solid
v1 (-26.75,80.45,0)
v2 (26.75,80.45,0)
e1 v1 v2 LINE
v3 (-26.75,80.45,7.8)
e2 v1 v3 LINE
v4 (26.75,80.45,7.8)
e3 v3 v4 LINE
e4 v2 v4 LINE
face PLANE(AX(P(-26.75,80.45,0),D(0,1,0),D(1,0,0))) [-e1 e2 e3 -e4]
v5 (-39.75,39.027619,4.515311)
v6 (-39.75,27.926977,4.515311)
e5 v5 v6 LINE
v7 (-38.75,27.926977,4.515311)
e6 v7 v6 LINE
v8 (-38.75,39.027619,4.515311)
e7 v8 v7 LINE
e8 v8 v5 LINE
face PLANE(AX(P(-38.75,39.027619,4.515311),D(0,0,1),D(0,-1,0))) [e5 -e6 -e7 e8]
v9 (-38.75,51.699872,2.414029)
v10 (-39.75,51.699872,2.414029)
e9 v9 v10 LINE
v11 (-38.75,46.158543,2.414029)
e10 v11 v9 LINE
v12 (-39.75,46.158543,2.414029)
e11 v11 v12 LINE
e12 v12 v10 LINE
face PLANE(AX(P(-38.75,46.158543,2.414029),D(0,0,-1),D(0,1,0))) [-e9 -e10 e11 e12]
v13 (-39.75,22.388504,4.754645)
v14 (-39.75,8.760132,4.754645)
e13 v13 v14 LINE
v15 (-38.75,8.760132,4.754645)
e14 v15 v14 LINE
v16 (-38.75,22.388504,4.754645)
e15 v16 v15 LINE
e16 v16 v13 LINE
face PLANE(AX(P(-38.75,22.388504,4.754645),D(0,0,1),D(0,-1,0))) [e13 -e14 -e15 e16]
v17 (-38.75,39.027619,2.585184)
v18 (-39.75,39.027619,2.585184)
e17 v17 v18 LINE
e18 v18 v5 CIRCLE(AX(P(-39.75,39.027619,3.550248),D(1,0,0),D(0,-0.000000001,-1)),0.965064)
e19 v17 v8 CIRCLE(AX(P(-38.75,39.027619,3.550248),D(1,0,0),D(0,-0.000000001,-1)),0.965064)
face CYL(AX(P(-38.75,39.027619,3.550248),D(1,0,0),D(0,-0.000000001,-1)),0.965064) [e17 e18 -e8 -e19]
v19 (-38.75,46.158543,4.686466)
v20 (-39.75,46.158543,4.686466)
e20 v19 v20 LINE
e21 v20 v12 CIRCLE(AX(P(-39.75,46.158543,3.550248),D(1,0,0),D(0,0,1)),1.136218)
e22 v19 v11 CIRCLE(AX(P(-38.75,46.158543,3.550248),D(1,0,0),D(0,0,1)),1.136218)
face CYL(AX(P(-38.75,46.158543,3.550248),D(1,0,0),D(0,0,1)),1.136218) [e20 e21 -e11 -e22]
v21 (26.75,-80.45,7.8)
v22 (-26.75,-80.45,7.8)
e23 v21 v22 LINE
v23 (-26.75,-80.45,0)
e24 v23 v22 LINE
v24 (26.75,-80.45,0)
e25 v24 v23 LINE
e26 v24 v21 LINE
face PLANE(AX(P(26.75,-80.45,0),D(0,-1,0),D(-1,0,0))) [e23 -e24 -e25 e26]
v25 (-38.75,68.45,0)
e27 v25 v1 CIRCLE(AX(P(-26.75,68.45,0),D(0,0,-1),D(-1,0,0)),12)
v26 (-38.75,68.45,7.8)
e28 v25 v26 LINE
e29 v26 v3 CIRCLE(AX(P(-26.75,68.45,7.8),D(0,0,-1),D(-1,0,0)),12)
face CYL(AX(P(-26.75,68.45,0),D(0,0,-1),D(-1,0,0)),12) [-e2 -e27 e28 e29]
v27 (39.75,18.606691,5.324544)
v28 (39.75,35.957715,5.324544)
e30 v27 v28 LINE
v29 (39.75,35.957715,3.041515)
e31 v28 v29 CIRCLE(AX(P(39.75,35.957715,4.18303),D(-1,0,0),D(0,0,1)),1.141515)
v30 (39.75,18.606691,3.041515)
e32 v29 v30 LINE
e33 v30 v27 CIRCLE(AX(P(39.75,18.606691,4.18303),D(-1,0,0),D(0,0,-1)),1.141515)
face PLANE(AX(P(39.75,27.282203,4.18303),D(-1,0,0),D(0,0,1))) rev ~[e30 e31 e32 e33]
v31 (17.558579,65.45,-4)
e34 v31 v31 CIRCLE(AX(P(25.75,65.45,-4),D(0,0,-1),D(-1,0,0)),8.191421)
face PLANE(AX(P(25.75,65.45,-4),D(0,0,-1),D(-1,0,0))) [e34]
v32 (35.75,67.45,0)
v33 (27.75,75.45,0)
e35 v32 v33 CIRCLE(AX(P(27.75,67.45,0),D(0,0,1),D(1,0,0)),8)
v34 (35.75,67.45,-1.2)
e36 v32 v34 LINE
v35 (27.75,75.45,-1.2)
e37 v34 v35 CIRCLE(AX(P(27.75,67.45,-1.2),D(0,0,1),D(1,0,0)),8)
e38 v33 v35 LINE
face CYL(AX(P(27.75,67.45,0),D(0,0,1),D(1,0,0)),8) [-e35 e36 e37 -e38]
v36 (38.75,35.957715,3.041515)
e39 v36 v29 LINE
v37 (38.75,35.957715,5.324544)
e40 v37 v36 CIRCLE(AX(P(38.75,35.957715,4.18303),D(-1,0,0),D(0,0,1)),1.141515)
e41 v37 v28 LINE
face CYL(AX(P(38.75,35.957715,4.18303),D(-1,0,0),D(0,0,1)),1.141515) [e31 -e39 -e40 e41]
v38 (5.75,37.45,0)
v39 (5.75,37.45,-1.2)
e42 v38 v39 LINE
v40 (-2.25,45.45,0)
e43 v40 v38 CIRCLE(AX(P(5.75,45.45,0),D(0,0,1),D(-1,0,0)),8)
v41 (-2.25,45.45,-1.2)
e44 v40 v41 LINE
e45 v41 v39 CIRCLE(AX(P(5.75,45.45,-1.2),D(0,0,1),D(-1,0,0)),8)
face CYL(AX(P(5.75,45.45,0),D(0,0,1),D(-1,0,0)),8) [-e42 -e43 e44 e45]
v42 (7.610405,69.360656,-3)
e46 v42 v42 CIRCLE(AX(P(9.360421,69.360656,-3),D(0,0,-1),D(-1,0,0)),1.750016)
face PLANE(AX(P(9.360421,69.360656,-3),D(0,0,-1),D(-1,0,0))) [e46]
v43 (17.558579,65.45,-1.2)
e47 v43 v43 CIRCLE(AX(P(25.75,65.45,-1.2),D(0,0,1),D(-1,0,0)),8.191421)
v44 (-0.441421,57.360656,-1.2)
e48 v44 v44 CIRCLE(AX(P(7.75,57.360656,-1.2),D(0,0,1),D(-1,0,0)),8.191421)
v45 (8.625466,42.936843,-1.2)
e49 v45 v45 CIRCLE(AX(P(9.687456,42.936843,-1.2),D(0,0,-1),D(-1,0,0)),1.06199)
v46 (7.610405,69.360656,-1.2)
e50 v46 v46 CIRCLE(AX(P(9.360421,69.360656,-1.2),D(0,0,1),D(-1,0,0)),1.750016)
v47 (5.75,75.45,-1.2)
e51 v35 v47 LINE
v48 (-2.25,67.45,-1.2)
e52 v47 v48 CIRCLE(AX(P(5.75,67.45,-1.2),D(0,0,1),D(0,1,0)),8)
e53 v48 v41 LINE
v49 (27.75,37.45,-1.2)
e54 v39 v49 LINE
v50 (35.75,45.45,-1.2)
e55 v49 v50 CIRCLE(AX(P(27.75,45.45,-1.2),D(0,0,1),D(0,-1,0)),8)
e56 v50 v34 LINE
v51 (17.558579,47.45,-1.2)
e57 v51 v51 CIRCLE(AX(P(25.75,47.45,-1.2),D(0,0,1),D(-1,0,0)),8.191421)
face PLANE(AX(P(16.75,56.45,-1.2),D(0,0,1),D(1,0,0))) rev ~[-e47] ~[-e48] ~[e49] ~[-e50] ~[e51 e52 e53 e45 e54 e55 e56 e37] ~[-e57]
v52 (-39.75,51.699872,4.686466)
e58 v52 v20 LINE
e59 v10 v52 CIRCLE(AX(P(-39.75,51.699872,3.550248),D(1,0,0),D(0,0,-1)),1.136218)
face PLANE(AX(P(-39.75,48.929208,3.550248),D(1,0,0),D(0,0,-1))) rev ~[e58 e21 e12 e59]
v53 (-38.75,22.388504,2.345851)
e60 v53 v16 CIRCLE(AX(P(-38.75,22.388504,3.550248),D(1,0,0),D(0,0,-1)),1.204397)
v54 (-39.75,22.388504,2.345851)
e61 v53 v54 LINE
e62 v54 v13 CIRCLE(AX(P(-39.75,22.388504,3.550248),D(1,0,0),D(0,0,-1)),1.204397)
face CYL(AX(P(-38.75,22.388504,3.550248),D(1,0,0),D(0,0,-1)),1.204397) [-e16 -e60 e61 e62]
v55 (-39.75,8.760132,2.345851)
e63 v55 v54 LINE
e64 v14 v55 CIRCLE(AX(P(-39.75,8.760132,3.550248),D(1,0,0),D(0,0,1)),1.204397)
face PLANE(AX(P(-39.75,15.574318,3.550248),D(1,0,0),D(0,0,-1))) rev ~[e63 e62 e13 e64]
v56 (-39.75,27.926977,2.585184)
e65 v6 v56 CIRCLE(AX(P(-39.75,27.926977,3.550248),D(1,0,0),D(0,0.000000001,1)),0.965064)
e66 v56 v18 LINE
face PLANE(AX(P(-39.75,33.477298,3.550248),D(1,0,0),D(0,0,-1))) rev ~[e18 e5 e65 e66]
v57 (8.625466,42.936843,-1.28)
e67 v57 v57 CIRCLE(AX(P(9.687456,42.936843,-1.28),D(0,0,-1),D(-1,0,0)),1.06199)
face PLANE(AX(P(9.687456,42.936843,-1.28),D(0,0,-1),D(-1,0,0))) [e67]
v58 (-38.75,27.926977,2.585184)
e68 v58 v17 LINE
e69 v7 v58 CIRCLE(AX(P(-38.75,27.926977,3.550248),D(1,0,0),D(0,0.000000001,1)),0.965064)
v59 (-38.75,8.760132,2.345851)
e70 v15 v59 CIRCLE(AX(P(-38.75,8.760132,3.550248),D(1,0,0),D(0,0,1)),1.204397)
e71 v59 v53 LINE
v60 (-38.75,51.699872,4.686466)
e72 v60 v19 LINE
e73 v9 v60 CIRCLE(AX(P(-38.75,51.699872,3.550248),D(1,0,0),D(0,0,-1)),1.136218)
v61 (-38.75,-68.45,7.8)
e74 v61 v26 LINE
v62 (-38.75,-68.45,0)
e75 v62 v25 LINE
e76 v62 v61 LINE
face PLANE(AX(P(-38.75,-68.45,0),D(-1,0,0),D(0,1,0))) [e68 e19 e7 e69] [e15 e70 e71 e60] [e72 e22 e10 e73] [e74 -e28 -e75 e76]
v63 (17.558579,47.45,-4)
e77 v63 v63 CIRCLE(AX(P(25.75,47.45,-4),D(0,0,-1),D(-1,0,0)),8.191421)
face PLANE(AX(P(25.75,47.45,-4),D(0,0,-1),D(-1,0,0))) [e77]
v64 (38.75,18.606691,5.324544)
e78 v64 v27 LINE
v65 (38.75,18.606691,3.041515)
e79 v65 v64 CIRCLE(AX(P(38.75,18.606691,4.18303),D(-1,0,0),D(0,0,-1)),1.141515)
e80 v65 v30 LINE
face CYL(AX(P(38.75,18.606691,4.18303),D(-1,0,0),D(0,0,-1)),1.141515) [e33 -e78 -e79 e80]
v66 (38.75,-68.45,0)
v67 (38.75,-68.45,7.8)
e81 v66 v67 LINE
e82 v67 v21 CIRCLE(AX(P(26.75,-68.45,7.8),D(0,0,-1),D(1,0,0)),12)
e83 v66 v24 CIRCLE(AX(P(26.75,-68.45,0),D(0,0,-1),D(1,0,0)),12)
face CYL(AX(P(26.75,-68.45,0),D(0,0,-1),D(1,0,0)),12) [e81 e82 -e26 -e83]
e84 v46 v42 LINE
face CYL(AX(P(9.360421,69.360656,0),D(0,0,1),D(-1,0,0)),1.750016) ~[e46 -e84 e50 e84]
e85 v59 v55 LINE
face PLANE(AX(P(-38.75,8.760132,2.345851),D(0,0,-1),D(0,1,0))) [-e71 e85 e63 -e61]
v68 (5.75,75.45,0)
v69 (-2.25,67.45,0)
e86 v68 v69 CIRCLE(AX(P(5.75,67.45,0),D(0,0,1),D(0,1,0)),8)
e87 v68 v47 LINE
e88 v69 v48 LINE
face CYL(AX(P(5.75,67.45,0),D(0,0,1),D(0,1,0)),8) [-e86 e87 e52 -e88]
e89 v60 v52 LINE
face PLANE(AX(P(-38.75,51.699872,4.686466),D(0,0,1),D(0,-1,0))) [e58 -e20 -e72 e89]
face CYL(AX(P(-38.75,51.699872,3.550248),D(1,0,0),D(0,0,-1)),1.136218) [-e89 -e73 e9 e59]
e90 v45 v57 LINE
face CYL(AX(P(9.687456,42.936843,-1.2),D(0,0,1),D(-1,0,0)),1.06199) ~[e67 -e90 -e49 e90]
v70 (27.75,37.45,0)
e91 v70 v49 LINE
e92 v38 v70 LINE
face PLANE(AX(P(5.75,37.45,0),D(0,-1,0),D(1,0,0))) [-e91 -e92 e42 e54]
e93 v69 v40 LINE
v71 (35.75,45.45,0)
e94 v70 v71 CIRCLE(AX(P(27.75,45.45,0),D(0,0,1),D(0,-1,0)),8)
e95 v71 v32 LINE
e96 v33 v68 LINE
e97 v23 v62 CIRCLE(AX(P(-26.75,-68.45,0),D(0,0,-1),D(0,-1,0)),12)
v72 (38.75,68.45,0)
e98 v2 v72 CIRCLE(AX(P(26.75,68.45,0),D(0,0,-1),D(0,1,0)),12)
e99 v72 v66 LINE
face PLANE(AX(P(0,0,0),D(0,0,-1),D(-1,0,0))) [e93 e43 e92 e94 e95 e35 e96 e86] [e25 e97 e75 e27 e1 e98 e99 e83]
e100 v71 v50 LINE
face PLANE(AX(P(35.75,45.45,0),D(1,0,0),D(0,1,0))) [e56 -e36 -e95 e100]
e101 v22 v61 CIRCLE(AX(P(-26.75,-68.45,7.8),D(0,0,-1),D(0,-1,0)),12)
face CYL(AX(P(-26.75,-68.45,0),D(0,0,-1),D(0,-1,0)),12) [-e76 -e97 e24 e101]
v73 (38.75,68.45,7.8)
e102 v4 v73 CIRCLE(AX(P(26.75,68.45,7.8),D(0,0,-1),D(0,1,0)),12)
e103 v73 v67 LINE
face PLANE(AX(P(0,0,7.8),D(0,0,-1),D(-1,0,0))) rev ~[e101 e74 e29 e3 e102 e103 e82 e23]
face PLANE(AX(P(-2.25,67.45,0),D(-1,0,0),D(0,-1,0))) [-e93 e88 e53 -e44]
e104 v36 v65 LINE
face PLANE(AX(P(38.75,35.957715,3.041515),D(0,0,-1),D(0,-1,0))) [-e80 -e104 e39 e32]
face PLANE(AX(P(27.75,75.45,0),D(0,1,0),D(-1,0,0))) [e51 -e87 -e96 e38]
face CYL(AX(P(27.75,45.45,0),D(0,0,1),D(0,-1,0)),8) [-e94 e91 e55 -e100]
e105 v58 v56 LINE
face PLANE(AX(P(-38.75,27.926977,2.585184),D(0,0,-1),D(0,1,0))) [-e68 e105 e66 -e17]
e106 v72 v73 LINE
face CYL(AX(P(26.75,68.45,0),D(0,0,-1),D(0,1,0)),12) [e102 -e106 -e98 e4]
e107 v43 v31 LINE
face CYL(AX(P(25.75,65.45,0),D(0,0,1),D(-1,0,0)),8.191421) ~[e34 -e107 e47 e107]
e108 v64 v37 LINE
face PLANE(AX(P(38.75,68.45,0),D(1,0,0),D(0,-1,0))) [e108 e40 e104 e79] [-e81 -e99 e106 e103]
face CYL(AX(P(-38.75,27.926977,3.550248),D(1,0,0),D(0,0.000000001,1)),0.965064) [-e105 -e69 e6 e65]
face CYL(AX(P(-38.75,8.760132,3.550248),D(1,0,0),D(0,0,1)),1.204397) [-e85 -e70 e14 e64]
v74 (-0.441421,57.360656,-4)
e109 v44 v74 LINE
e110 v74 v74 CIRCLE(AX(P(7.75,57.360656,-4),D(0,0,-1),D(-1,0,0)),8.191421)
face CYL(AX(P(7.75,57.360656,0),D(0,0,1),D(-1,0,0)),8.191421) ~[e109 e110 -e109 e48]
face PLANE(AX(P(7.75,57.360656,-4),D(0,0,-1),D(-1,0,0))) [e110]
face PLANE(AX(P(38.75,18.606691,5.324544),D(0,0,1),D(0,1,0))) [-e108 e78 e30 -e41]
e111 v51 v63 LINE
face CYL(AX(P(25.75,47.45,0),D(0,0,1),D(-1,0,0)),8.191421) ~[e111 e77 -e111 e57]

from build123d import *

# Parameters (mm, degrees)
EXTRUDE_1_DEPTH  = 7.8
EXTRUDE_3_DEPTH  = 1.2
SKETCH_9_4_R     = 8.191420507
EXTRUDE_4_DEPTH  = 4
SKETCH_9_5_R     = 1.750016101
EXTRUDE_5_DEPTH  = 3
EXTRUDE_7_DEPTH  = 1
EXTRUDE_8_DEPTH  = 1
EXTRUDE_9_DEPTH  = 1
SKETCH_11_R      = 1.061990405
EXTRUDE_10_DEPTH = 0.08


with BuildPart() as part:
    # 草图1 → 凸台-拉伸1 (new body)
    with BuildSketch(Plane.XY):
        with BuildLine():
            Line((26.75, -80.45), (-26.75, -80.45))
            ThreePointArc((-26.75, -80.45), (-35.235281374, -76.935281374), (-38.75, -68.45))
            Line((-38.75, -68.45), (-38.75, 68.45))
            ThreePointArc((-38.75, 68.45), (-35.235281374, 76.935281374), (-26.75, 80.45))
            Line((-26.75, 80.45), (26.75, 80.45))
            ThreePointArc((26.75, 80.45), (35.235281374, 76.935281374), (38.75, 68.45))
            Line((38.75, 68.45), (38.75, -68.45))
            ThreePointArc((38.75, -68.45), (35.235281374, -76.935281374), (26.75, -80.45))
        make_face()
    extrude(amount=EXTRUDE_1_DEPTH)

    # 草图9 → 凸台-拉伸3 (add)
    with BuildSketch(Plane(origin=(0, 0, 0), x_dir=(-1, 0, 0), z_dir=(0, 0, -1))):
        with BuildLine():
            Line((-27.75, 75.45), (-5.75, 75.45))
            ThreePointArc((-5.75, 75.45), (-0.093145751, 73.106854249), (2.25, 67.45))
            Line((2.25, 67.45), (2.25, 45.45))
            ThreePointArc((2.25, 45.45), (-0.093145751, 39.793145751), (-5.75, 37.45))
            Line((-5.75, 37.45), (-27.75, 37.45))
            ThreePointArc((-27.75, 37.45), (-33.406854249, 39.793145751), (-35.75, 45.45))
            Line((-35.75, 45.45), (-35.75, 67.45))
            ThreePointArc((-35.75, 67.45), (-33.406854249, 73.106854249), (-27.75, 75.45))
        make_face()
    extrude(amount=EXTRUDE_3_DEPTH)

    # 草图9<4> → 凸台-拉伸4 (add)
    with BuildSketch(Plane(origin=(0, 0, 0), x_dir=(-1, 0, 0), z_dir=(0, 0, -1))):
        with Locations((-25.75, 65.45)):
            Circle(SKETCH_9_4_R)
        with Locations((-7.75, 57.360656258)):
            Circle(SKETCH_9_4_R)
        with Locations((-25.75, 47.45)):
            Circle(SKETCH_9_4_R)
    extrude(amount=EXTRUDE_4_DEPTH)

    # 草图9<5> → 凸台-拉伸5 (add)
    with BuildSketch(Plane(origin=(0, 0, 0), x_dir=(-1, 0, 0), z_dir=(0, 0, -1))):
        with Locations((-9.360421126, 69.360656258)):
            Circle(SKETCH_9_5_R)
    extrude(amount=EXTRUDE_5_DEPTH)

    # 草图12 → 凸台-拉伸7 (add)
    with BuildSketch(Plane.ZY.offset(38.75)):
        with BuildLine():
            Line((4.686466023, 51.699871834), (4.686466023, 46.158543385))
            ThreePointArc((4.686466023, 46.158543385), (3.550247732, 45.022325093), (2.41402944, 46.158543385))
            Line((2.41402944, 46.158543385), (2.41402944, 51.699871834))
            ThreePointArc((2.41402944, 51.699871834), (3.550247732, 52.836090125), (4.686466023, 51.699871834))
        make_face()
    extrude(amount=EXTRUDE_7_DEPTH)

    # 草图12<3> → 凸台-拉伸8 (add)
    with BuildSketch(Plane.ZY.offset(38.75)):
        with BuildLine():
            Line((4.686466023, 51.699871834), (4.686466023, 46.158543385))
            ThreePointArc((4.686466023, 46.158543385), (3.550247732, 45.022325093), (2.41402944, 46.158543385))
            Line((2.41402944, 46.158543385), (2.41402944, 51.699871834))
            ThreePointArc((2.41402944, 51.699871834), (3.550247732, 52.836090125), (4.686466023, 51.699871834))
        make_face()
        with BuildLine():
            Line((2.585183967, 27.92697733), (2.585183967, 39.027618957))
            ThreePointArc((2.585183967, 39.027618957), (3.550247732, 39.992682722), (4.515311496, 39.027618957))
            Line((4.515311496, 39.027618957), (4.515311496, 27.92697733))
            ThreePointArc((4.515311496, 27.92697733), (3.550247732, 26.961913565), (2.585183967, 27.92697733))
        make_face()
        with BuildLine():
            Line((2.34585079, 8.760131584), (2.34585079, 22.388503734))
            ThreePointArc((2.34585079, 22.388503734), (3.550247732, 23.592900676), (4.754644674, 22.388503734))
            Line((4.754644674, 22.388503734), (4.754644674, 8.760131584))
            ThreePointArc((4.754644674, 8.760131584), (3.550247732, 7.555734642), (2.34585079, 8.760131584))
        make_face()
    extrude(amount=EXTRUDE_8_DEPTH)

    # 草图13 → 凸台-拉伸9 (add)
    with BuildSketch(Plane(origin=(38.75, 0, 0), x_dir=(0, 0, -1), z_dir=(1, 0, 0))):
        with BuildLine():
            Line((-3.041514771, 35.957715301), (-3.041514771, 18.606690775))
            ThreePointArc((-3.041514771, 18.606690775), (-4.183029543, 17.465176003), (-5.324544314, 18.606690775))
            Line((-5.324544314, 18.606690775), (-5.324544314, 35.957715301))
            ThreePointArc((-5.324544314, 35.957715301), (-4.183029543, 37.099230072), (-3.041514771, 35.957715301))
        make_face()
    extrude(amount=EXTRUDE_9_DEPTH)

    # 草图11 → 凸台-拉伸10 (add)
    with BuildSketch(Plane(origin=(0, 0, -1.2), x_dir=(-1, 0, 0), z_dir=(0, 0, -1))):
        with Locations((-9.68745595, 42.936842594)):
            Circle(SKETCH_11_R)
    extrude(amount=EXTRUDE_10_DEPTH)


solid = part.part
